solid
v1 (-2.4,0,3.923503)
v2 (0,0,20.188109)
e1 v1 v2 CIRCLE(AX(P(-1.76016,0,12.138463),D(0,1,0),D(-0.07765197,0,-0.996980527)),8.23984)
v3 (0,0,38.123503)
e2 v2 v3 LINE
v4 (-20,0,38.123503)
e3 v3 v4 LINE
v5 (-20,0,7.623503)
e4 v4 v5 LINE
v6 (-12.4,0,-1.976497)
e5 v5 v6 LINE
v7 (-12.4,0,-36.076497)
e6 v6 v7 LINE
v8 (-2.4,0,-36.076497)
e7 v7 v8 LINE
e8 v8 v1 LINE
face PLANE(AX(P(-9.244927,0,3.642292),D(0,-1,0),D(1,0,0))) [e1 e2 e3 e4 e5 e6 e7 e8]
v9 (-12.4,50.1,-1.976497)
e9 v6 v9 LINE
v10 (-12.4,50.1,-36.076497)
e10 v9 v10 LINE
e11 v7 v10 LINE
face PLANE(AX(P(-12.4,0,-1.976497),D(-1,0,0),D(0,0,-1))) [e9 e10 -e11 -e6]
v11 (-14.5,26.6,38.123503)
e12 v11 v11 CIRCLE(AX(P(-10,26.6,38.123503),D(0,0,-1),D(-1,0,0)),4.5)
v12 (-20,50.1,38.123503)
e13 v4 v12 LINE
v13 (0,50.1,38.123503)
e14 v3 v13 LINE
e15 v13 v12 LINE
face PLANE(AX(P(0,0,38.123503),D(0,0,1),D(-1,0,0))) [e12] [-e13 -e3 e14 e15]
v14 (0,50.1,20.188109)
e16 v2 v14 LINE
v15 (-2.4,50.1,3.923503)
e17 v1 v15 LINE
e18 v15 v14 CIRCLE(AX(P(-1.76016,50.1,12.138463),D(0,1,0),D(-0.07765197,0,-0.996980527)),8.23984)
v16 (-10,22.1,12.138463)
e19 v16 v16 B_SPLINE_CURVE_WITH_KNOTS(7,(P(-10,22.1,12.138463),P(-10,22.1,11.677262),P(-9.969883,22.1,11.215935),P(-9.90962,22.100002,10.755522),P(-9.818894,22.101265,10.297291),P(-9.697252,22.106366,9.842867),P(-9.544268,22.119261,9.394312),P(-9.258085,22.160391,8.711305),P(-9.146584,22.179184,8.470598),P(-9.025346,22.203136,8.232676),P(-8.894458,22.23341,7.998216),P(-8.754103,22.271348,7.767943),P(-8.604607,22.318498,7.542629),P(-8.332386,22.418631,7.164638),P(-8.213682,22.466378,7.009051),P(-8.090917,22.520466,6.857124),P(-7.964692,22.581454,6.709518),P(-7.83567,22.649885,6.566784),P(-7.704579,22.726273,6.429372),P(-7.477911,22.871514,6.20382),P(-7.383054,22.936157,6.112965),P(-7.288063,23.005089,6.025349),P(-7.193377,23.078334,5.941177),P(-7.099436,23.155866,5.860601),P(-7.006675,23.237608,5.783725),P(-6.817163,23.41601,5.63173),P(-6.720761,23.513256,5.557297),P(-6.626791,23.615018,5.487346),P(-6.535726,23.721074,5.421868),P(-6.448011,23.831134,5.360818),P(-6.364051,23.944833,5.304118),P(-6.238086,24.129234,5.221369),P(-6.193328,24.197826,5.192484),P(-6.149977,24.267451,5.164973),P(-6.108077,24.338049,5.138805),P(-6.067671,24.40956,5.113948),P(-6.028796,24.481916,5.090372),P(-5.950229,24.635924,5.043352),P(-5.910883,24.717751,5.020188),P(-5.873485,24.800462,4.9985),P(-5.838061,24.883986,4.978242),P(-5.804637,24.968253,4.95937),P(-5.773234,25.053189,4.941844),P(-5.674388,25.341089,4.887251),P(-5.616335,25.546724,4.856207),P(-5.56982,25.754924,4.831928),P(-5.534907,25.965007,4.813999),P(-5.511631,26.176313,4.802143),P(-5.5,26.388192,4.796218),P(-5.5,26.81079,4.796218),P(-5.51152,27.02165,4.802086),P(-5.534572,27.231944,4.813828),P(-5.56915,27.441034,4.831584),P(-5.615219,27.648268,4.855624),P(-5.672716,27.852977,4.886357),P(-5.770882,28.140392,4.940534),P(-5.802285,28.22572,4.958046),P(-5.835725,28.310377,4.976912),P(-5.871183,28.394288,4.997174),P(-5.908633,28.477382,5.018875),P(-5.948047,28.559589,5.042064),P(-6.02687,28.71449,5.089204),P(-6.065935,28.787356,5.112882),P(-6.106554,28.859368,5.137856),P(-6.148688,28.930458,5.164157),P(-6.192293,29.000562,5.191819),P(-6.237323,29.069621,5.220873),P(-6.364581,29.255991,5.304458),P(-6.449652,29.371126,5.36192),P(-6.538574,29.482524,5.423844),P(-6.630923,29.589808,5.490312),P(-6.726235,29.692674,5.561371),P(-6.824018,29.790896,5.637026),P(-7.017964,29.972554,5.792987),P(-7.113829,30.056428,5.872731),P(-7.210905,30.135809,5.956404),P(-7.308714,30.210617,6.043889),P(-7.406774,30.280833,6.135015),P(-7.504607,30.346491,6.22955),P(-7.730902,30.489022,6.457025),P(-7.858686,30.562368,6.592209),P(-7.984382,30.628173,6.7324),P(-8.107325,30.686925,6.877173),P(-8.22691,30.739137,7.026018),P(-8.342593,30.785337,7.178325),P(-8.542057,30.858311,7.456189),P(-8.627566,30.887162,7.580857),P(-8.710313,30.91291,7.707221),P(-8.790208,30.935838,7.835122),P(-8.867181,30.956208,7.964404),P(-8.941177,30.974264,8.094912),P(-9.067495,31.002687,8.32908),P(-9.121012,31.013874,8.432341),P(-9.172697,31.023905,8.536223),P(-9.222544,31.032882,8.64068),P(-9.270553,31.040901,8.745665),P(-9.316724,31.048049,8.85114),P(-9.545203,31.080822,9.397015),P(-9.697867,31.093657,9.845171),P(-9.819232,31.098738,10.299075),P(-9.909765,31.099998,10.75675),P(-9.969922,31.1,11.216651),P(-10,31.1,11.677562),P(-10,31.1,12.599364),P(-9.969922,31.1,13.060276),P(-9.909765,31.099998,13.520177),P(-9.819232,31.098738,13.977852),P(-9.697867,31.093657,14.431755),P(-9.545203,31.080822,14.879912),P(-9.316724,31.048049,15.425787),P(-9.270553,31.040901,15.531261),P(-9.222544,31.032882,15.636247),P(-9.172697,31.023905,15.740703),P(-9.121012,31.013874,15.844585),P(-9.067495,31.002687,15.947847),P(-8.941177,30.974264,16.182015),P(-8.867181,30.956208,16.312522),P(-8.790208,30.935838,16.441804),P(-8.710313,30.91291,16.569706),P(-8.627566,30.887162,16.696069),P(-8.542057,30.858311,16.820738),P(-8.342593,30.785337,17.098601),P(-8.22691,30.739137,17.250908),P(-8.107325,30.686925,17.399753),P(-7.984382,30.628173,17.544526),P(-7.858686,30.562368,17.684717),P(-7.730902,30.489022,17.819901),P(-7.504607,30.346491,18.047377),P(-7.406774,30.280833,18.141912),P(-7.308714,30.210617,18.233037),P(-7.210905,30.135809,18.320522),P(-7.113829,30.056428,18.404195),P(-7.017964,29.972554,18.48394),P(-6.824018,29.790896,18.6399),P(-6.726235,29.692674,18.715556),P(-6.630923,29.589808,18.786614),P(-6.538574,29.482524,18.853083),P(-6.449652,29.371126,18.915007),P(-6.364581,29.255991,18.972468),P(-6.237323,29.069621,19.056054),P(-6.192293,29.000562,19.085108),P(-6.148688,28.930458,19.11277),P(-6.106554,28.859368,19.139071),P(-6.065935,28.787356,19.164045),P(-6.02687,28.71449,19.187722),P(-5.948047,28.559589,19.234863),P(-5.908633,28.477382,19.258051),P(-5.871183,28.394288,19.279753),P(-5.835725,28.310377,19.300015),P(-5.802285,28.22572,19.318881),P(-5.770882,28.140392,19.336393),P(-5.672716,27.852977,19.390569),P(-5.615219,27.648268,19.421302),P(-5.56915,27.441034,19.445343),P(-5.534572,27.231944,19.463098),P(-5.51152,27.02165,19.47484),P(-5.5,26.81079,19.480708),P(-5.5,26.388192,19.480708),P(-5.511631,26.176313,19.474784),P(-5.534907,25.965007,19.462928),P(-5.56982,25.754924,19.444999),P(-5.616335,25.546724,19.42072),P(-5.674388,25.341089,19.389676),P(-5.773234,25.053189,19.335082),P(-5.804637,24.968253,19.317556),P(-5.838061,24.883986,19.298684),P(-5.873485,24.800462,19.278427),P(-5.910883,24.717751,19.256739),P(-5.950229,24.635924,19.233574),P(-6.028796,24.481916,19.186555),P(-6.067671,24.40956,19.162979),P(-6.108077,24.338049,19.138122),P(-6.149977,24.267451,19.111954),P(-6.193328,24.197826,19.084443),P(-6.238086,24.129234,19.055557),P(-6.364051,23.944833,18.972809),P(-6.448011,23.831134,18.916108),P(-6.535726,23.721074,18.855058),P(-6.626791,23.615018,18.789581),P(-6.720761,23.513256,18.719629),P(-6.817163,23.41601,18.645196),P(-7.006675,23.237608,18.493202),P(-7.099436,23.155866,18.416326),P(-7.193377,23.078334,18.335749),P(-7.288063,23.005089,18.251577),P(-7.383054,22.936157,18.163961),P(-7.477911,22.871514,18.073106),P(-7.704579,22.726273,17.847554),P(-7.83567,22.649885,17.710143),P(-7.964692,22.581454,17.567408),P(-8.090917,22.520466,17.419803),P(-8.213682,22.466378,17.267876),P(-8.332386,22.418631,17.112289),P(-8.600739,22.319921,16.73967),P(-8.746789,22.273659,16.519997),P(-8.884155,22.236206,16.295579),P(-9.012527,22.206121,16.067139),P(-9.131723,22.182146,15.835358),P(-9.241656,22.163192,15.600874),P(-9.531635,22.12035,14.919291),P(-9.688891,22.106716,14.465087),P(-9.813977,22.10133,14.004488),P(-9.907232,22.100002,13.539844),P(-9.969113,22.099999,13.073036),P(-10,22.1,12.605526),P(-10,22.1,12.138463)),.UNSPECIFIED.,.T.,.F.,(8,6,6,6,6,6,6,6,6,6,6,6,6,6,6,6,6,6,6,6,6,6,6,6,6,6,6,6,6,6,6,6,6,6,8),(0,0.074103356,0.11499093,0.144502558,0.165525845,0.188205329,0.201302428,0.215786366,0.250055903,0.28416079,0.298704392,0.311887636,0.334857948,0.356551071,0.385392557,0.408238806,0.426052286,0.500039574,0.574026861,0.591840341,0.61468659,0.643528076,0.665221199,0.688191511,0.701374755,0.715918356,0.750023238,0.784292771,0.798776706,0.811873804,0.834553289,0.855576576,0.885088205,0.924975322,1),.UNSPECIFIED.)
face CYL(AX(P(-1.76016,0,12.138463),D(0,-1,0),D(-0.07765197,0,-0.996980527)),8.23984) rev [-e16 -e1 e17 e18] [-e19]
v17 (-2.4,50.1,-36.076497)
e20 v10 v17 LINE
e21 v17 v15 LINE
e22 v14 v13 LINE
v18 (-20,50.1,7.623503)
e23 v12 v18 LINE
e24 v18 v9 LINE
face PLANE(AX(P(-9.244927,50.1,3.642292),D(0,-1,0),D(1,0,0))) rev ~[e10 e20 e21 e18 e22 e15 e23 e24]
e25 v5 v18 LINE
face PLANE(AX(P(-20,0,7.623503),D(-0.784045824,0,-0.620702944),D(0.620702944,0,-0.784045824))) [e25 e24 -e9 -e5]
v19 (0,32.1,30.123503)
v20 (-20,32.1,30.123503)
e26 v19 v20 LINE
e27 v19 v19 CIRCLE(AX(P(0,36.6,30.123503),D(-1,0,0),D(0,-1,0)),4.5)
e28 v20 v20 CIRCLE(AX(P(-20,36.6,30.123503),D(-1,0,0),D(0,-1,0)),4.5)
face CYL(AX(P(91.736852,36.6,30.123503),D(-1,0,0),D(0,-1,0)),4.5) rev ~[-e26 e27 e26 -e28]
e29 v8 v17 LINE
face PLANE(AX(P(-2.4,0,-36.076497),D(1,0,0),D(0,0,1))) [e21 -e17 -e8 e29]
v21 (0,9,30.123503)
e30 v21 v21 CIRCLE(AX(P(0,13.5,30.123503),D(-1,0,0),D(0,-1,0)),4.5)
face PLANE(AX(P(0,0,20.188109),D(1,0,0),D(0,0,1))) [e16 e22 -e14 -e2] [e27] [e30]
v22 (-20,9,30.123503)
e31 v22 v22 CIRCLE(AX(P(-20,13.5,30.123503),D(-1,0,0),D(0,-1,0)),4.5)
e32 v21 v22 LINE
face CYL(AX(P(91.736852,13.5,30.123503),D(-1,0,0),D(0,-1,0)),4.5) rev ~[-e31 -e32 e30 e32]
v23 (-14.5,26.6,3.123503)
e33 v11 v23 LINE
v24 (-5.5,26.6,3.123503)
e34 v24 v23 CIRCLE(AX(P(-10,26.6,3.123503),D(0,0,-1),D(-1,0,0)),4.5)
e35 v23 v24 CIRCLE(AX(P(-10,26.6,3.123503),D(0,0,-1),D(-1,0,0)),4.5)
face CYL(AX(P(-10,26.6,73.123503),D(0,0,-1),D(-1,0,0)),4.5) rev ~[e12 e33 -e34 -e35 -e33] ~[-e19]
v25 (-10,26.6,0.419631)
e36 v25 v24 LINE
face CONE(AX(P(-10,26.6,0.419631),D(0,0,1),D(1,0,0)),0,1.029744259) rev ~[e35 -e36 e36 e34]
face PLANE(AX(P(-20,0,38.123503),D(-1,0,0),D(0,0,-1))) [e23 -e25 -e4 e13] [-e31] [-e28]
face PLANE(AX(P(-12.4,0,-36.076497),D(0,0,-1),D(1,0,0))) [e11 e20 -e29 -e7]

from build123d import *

# Parameters (mm, degrees)
F1_DEPTH = 50.1
F3_D     = 9
F5_D     = 9
F5_DEPTH = 35
F5_TIP   = 2.7038727856


with BuildPart() as f1:
    # F0 (on Front) → F1 (new body)
    with BuildSketch(Plane.XZ):
        with BuildLine():
            Line((0, 20.1881089388), (0, 38.1235034296))
            Line((0, 38.1235034296), (-20, 38.1235034296))
            Line((-20, 38.1235034296), (-20, 7.6235034296))
            Line((-20, 7.6235034296), (-12.4, -1.9764965704))
            Line((-12.4, -1.9764965704), (-12.4, -36.0764965704))
            Line((-12.4, -36.0764965704), (-2.4, -36.0764965704))
            Line((-2.4, -36.0764965704), (-2.4, 3.9235034296))
            ThreePointArc((-2.4, 3.9235034296), (-9.9117323022, 13.3413066234), (0, 20.1881089388))
        make_face()
    extrude(amount=-F1_DEPTH)

    # F3 (through all)
    with Locations(Plane.YZ):
        with Locations((13.5, 30.1235034296), (36.6, 30.1235034296)):
            Hole(F3_D / 2)

    # F5
    with Locations(Plane.XY.offset(38.1235034296)):
        with Locations((-10, 26.6)):
            Hole(F5_D / 2, depth=F5_DEPTH)
            with Locations((0, 0, -(F5_DEPTH + F5_TIP / 2))):  # 118° drill point
                Cone(0, F5_D / 2, F5_TIP, mode=Mode.SUBTRACT)


solid = f1.part
